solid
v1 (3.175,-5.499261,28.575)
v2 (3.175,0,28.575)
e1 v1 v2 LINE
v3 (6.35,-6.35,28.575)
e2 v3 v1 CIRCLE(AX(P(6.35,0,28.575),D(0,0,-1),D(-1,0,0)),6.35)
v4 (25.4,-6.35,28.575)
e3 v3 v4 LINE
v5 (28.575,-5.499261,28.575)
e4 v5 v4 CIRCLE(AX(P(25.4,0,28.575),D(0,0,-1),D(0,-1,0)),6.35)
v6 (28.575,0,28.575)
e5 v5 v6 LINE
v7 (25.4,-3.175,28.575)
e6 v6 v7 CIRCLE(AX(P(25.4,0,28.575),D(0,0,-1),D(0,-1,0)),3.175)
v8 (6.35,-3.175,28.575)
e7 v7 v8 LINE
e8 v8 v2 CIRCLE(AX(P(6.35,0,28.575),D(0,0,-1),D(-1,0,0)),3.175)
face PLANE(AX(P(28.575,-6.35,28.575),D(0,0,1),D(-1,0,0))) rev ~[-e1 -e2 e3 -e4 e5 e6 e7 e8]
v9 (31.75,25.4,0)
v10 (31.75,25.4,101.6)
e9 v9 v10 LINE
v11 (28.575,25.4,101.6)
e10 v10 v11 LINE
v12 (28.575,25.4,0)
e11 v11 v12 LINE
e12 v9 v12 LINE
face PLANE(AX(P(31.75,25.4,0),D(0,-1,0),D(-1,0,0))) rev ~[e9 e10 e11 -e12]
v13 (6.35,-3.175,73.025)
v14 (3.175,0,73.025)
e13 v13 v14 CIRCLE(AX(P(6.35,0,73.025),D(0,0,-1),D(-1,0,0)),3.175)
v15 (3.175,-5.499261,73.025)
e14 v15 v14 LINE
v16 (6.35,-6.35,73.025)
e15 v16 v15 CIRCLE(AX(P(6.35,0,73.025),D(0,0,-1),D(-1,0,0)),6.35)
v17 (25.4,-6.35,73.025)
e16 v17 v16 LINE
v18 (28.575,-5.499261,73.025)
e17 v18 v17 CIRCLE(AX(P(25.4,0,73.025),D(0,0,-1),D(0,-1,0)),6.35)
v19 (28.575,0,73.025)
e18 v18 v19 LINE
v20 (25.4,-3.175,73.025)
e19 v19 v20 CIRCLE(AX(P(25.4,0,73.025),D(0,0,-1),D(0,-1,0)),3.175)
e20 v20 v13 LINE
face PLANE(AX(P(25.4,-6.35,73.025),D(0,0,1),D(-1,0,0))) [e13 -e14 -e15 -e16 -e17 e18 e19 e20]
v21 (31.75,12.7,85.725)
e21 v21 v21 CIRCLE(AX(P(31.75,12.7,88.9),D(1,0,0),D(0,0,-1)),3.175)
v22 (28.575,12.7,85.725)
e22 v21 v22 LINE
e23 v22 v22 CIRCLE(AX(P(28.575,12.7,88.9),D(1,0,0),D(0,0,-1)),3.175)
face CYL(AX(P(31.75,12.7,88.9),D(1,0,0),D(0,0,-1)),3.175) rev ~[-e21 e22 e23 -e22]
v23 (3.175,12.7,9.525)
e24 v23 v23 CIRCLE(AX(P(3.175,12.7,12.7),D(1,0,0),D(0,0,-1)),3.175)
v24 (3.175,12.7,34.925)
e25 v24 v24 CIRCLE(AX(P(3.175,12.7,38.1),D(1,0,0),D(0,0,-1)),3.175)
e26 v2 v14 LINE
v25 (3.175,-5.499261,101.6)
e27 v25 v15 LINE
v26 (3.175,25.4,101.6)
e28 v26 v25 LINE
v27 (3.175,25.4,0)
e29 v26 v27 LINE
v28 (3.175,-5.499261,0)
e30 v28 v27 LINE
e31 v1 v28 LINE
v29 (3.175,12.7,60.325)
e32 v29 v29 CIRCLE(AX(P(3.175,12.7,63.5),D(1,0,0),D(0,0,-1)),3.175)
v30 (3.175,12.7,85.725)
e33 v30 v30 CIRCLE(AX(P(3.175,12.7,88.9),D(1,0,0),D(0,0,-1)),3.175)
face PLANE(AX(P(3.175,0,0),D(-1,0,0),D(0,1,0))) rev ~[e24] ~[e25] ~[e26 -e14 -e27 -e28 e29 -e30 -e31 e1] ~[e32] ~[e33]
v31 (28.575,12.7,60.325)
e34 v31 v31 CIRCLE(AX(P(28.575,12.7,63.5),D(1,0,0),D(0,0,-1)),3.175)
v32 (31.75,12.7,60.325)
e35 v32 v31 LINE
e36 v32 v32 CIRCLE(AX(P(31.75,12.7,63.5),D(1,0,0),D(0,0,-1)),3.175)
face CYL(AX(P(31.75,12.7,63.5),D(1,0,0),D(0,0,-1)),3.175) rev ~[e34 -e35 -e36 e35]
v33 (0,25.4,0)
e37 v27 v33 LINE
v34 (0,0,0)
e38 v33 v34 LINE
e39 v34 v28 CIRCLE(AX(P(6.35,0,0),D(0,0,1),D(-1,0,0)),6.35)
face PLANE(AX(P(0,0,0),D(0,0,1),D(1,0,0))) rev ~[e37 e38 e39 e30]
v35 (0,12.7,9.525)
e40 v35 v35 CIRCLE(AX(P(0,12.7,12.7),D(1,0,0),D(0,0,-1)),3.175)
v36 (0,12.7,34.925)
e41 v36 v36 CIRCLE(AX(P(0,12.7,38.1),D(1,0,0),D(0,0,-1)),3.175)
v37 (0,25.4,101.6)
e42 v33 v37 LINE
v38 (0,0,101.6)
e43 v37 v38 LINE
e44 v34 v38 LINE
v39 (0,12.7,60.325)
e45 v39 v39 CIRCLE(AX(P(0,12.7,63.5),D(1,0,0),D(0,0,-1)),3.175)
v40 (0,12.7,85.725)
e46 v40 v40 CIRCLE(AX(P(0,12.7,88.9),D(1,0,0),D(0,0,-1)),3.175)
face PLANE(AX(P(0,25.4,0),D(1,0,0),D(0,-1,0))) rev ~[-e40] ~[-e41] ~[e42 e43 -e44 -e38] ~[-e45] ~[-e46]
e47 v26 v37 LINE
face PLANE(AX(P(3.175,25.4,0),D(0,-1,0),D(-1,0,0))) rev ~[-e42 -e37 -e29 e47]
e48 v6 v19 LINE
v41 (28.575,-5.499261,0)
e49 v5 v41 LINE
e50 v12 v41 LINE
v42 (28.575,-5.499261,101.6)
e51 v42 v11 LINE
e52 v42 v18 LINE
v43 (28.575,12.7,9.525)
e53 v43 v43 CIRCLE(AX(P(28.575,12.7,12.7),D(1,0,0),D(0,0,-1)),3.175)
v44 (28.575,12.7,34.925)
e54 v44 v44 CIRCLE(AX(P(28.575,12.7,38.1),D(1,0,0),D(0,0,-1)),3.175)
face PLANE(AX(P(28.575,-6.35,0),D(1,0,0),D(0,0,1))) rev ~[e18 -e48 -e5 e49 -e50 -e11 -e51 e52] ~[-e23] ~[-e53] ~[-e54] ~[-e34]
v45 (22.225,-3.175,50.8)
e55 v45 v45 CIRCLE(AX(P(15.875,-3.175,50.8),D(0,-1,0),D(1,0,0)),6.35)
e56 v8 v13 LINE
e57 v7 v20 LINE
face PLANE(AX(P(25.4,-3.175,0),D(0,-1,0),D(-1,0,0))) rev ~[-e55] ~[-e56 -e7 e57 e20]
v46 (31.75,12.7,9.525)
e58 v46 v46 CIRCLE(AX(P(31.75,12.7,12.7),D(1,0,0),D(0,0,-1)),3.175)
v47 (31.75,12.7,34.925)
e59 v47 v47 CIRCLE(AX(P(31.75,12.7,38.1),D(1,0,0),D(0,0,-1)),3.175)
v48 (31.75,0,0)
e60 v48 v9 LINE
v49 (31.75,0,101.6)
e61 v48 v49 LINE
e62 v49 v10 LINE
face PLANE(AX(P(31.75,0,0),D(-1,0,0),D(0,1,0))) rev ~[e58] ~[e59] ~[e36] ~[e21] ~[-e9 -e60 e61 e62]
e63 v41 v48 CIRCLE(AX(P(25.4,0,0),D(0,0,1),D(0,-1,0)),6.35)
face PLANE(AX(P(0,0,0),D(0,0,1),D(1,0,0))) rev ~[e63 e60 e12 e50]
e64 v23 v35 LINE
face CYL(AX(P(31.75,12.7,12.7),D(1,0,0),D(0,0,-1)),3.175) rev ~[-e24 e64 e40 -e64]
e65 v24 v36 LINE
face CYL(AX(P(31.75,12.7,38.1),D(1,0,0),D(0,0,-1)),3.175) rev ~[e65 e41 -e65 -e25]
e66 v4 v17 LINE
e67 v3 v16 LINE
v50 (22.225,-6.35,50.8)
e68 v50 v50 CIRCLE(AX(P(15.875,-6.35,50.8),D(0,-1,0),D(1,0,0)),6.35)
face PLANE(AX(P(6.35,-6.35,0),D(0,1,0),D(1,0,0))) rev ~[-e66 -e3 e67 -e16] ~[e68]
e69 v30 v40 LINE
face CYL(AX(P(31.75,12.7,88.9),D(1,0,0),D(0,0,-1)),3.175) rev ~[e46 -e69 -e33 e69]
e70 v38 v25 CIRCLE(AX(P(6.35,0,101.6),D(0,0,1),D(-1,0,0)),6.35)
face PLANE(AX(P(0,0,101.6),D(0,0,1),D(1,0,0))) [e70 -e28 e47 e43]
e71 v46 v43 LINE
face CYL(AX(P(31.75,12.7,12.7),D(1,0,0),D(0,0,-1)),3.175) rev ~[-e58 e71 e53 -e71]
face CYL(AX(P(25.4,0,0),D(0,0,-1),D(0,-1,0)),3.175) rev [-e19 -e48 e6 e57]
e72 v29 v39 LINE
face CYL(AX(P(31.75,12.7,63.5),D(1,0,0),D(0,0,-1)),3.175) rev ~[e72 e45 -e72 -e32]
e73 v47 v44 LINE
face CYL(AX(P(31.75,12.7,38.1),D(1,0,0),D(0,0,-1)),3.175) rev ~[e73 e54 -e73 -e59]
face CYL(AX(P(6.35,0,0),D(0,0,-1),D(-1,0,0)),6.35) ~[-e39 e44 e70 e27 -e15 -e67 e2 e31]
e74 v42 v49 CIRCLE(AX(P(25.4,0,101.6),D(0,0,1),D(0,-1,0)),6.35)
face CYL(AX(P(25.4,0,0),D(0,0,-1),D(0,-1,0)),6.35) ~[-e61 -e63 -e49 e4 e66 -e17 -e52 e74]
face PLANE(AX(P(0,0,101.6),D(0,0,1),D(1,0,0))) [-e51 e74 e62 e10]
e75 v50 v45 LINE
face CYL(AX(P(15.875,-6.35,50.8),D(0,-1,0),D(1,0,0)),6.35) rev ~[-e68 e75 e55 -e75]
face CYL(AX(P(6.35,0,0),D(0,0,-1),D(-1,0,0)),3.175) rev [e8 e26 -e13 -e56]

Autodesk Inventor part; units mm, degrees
ref_plane "YZ Plane" through (0, 0, 0) normal (1, 0, 0) x (0, 1, 0)
ref_plane "XZ Plane" through (0, 0, 0) normal (0, 1, 0) x (-1, 0, 0)
ref_plane "XY Plane" through (0, 0, 0) normal (0, 0, 1) x (1, 0, 0)
sketch "Sketch1" plane through (0, 0, 0) normal (0, 0, 1) x (1, 0, 0)
  line L0 (0, 25.4) -> (0, 0)
  line L1 (6.35, -6.35) -> (25.4, -6.35)
  line L2 (31.75, 0) -> (31.75, 25.4)
  line L3 (31.75, 25.4) -> (28.575, 25.4)
  line L4 (28.575, 25.4) -> (28.575, 0)
  line L5 (25.4, -3.175) -> (6.35, -3.175)
  line L6 (3.175, 0) -> (3.175, 25.4)
  line L7 (3.175, 25.4) -> (0, 25.4)
  arc A0 (3.175, 0) -> (6.35, -3.175) centre (6.35, 0) ccw
  arc A1 (0, 0) -> (6.35, -6.35) centre (6.35, 0) ccw
  arc A2 (25.4, -3.175) -> (28.575, 0) centre (25.4, 0) ccw
  arc A3 (25.4, -6.35) -> (31.75, 0) centre (25.4, 0) ccw
  dimension "d0" = 3.175
  dimension "d1" = 25.4
  dimension "d2" = 25.4
  dimension "d3" = 3.175
extrude "Extrusion1" add sketch "Sketch1" along normal blind 101.6
sketch "Sketch2" plane through (31.75, 0, 0) normal (1, 0, 0) x (0, 0, -1)
  line L0 (-101.6, 25.4) -> (-101.6, 0) projected
  line L1 (0, 25.4) -> (-101.6, 25.4) projected
  circle A0 centre (-88.9, 12.7) radius 3.175
  dimension "d6" = 6.35
  dimension "d7" = 12.7
  dimension "d8" = 12.7
extrude "Extrusion2" cut sketch "Sketch2" against normal through all
pattern_linear "Rectangular Pattern1" count 7 spacing 25.4 along (0, 0, -1) of "Extrusion2"
sketch "Sketch3" plane through (6.35, -6.35, 0) normal (0, -1, 0) x (1, 0, 0)
  line L0 (19.05, 101.6) -> (0, 101.6) projected
  circle A0 centre (9.525, 50.8) radius 6.35
  point P0 (-6.35, 0)
  dimension "d14" = 12.7
  dimension "d15" = 50.8
extrude "Extrusion3" cut sketch "Sketch3" against normal up to next
sketch "Sketch4" plane through (6.35, -6.35, 0) normal (0, -1, 0) x (1, 0, 0)
  line L0 (19.05, 101.6) -> (0, 101.6) projected
  line L1 (0, 0) -> (0, 101.6) projected
  line L2 (0, 0) -> (19.05, 0) projected
  line L3 (19.05, 0) -> (19.05, 101.6) projected
  line L4 (-3.175, 101.6) -> (22.225, 101.6)
  line L5 (22.225, 101.6) -> (22.225, 73.025)
  line L6 (22.225, 73.025) -> (-3.175, 73.025)
  line L7 (-3.175, 73.025) -> (-3.175, 101.6)
  line L8 (-3.175, 165.9576) -> (0, 165.9576) construction
  line L9 (19.05, 165.9576) -> (22.225, 165.9576) construction
  line L10 (-3.175, 0) -> (22.225, 0)
  line L11 (22.225, 0) -> (22.225, 28.575)
  line L12 (22.225, 28.575) -> (-3.175, 28.575)
  line L13 (-3.175, 28.575) -> (-3.175, 0)
  line L14 (-6.35, 101.6) -> (-3.175, 101.6)
  line L15 (-3.175, 101.6) -> (-3.175, 73.025)
  line L16 (-3.175, 73.025) -> (-6.35, 73.025)
  line L17 (-6.35, 73.025) -> (-6.35, 101.6)
  point P0 (-6.35, 0)
  dimension "d18" = 25.4
  dimension "d19" = 28.575
  dimension "d20" = 0
  dimension "d21" = 0
extrude "Extrusion4" cut sketch "Sketch4" against normal through all contours L3 L6 L1 L0 | L4 L5 L6 L3 | L1 L6 L7 L4 | L12 L11 L10 L3 | L3 L2 L1 L12 | L1 L10 L13 L12
properties part number "Frame_OuterConveyorMount" material "Aluminum-6061"
